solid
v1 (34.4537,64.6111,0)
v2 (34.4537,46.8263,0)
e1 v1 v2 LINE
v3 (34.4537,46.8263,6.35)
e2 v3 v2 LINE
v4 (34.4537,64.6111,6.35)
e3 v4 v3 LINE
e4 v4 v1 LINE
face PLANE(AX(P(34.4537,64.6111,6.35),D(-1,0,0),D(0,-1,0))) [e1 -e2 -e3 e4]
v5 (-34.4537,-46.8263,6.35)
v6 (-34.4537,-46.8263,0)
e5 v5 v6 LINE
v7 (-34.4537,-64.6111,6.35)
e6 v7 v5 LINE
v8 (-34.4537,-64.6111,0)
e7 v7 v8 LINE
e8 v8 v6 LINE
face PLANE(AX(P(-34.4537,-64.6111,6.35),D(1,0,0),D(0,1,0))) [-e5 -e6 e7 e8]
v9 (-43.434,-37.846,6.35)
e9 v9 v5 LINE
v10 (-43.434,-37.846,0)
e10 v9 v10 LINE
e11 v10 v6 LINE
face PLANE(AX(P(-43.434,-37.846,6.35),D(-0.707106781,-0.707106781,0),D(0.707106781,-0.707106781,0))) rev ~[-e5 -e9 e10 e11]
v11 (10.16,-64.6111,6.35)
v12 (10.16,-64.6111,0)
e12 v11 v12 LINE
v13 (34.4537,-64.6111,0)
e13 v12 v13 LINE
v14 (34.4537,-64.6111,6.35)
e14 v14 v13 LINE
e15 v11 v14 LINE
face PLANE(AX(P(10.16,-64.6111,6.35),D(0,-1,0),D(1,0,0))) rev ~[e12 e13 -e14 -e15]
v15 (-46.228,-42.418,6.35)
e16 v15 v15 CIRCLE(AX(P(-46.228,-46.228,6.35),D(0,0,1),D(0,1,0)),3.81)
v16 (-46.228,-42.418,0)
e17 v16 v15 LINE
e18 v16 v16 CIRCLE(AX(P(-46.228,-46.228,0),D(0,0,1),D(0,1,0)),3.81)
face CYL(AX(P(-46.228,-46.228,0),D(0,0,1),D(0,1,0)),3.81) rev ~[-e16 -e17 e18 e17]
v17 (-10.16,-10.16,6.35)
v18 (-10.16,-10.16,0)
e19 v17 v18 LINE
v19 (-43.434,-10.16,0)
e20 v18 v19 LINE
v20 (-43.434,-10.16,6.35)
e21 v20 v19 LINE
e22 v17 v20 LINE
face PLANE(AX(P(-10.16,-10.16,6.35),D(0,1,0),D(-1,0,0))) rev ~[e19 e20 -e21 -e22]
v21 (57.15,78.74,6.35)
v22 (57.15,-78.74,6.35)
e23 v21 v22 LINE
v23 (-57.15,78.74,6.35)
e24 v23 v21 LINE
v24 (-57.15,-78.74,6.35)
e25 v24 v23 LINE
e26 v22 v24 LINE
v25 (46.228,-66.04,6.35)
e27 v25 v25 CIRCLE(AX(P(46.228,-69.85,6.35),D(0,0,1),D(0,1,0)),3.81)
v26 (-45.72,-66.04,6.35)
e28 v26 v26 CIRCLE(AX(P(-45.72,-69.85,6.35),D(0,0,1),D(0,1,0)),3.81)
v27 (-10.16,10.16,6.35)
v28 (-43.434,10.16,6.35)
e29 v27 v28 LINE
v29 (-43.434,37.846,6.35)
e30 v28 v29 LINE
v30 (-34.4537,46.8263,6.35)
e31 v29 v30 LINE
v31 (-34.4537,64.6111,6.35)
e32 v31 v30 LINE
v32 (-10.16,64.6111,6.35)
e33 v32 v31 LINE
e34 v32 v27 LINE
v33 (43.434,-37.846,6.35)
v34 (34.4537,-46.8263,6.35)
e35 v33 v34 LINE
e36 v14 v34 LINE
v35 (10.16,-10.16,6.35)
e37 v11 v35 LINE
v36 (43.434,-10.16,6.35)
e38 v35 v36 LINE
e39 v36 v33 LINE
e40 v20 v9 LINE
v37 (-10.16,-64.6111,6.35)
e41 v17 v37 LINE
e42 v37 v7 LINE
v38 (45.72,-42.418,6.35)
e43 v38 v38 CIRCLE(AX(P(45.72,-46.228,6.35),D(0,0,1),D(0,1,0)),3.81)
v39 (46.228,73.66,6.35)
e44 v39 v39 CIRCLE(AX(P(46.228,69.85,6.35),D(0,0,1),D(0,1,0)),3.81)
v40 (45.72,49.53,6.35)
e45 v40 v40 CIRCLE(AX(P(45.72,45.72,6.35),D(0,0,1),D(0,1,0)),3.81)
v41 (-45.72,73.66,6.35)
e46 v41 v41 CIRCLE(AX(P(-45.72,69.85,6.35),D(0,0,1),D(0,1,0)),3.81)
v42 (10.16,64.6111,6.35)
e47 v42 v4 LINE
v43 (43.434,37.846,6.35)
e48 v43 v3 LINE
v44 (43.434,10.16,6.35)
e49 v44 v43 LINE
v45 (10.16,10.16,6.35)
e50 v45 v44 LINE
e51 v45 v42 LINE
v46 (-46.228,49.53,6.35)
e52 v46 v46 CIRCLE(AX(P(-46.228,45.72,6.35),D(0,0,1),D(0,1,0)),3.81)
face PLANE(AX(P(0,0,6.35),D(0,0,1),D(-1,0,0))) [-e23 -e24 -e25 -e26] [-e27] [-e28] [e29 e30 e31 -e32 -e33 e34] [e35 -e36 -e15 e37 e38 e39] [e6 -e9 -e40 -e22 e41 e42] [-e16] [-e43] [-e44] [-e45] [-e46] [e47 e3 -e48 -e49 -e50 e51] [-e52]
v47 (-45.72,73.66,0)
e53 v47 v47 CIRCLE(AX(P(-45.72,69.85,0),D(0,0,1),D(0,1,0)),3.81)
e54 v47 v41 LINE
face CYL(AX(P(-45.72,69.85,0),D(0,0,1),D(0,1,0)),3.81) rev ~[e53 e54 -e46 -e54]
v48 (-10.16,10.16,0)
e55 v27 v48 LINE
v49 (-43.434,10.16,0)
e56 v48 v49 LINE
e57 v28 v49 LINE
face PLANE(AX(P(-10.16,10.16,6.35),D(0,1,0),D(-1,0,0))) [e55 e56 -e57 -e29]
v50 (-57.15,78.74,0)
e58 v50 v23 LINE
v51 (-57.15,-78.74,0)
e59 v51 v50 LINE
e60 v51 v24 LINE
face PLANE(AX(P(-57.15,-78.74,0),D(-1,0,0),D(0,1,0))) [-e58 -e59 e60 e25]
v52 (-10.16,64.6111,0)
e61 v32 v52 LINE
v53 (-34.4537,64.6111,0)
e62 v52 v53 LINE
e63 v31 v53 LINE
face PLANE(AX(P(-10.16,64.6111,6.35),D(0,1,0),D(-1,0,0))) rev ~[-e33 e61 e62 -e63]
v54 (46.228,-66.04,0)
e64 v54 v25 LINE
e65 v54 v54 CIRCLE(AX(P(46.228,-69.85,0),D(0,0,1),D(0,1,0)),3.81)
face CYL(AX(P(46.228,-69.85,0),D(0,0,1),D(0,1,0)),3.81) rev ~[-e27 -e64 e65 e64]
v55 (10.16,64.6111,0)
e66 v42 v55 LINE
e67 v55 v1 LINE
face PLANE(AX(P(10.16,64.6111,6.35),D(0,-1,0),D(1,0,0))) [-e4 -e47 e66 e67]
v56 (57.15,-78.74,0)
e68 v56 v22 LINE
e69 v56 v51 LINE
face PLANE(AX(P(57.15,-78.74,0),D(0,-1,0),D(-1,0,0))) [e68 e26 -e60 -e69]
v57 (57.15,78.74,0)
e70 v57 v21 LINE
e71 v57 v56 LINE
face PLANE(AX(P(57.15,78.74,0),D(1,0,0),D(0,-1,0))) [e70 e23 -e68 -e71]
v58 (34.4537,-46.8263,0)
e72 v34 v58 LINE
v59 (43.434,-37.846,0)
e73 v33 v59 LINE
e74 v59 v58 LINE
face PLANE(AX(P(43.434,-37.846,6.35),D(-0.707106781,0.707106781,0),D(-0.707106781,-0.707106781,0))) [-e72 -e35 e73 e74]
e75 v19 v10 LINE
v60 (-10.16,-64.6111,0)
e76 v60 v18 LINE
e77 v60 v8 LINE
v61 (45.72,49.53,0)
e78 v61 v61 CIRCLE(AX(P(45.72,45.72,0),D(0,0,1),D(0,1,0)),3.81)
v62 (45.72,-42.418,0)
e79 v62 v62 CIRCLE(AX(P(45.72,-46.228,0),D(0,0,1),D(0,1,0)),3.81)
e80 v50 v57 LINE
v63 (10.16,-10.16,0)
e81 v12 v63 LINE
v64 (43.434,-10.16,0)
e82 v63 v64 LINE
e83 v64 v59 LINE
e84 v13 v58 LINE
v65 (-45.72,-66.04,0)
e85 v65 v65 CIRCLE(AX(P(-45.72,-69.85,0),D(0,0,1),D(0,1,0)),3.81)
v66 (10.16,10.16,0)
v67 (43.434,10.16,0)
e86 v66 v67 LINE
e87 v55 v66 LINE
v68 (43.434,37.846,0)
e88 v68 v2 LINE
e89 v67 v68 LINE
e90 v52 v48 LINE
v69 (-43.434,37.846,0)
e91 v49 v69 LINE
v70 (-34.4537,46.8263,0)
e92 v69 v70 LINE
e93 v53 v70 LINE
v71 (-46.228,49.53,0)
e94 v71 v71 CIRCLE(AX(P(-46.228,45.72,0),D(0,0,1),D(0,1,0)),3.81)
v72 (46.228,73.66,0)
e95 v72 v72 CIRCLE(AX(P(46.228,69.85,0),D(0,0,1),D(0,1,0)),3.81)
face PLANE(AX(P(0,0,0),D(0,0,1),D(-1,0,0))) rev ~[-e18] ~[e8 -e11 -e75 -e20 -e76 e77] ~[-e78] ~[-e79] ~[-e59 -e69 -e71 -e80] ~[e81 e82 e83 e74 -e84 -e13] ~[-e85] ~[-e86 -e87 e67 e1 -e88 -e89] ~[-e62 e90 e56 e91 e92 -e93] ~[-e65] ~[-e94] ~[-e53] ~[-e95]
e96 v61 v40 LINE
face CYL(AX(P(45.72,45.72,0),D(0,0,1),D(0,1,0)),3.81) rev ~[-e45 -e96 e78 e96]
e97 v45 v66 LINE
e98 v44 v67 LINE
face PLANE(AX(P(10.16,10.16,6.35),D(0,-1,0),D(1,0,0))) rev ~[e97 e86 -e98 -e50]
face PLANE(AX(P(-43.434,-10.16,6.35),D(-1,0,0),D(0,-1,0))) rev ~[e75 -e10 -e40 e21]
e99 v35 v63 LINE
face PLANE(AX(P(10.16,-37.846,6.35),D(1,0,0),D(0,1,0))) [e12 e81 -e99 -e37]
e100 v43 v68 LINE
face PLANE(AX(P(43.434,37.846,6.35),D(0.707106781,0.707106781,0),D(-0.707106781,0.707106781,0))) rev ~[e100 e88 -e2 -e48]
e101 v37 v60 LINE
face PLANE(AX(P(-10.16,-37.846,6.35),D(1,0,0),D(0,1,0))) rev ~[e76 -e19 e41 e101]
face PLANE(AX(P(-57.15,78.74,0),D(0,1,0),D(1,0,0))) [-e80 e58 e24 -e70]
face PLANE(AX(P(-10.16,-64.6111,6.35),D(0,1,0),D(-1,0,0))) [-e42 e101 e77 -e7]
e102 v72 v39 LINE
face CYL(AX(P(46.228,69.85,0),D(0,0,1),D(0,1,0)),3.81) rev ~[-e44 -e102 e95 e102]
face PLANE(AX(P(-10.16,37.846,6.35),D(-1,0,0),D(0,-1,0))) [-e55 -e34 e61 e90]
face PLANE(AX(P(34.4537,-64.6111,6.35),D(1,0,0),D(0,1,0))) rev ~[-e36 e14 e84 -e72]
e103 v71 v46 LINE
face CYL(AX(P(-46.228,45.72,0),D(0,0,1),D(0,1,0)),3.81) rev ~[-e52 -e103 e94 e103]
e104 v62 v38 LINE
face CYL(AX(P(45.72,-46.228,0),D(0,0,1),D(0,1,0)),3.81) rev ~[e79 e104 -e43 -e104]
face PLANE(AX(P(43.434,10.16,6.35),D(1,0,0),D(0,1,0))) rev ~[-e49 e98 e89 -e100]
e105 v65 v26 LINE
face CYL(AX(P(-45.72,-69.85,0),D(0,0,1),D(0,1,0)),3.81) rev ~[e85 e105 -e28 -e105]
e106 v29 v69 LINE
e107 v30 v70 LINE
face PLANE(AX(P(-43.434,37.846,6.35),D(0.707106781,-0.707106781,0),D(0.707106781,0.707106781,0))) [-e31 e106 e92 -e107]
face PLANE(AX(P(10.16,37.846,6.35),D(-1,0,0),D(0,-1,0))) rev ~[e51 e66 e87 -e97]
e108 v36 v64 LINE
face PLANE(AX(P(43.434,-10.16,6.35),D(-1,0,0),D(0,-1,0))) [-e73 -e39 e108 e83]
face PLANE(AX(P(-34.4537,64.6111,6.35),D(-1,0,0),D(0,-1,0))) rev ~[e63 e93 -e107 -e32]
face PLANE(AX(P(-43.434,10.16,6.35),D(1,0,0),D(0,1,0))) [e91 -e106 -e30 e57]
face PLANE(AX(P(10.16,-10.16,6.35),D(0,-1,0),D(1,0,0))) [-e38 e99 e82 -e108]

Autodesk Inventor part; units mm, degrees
ref_plane "YZ Plane" through (0, 0, 0) normal (1, 0, 0) x (0, 1, 0)
ref_plane "XZ Plane" through (0, 0, 0) normal (0, 1, 0) x (-1, 0, 0)
ref_plane "XY Plane" through (0, 0, 0) normal (0, 0, 1) x (1, 0, 0)
sketch "Sketch1" plane through (0, 0, 0) normal (0, 0, 1) x (-1, 0, 0)
  line L0 (-57.15, 78.74) -> (57.15, 78.74)
  line L1 (57.15, 78.74) -> (57.15, -78.74)
  line L2 (57.15, -78.74) -> (-57.15, -78.74)
  line L3 (-57.15, -78.74) -> (-57.15, 78.74)
  line L4 (-57.15, 78.74) -> (57.15, -78.74) construction
  line L5 (57.15, 78.74) -> (-57.15, -78.74) construction
  point P0 (0, 0)
  dimension "d0" = 114.3
  dimension "d1" = 157.48
extrude "Extrusion1" add sketch "Sketch1" along normal blind 6.35
sketch "Sketch2" plane through (0, 0, 0) normal (0, 0, 1) x (1, 0, 0)
  line L0 (0, 106.68) -> (0, -106.68)
  line L1 (72.898, -1.6229) -> (-72.898, -1.6229)
  line L2 (0, -106.68) -> (0, 106.68)
  line L3 (-102.0572, 0) -> (102.0572, 0) projected
  point P0 (45.72, 45.72)
  point P1 (-46.228, 45.72)
  point P2 (45.72, -46.228)
  point P3 (-46.228, -46.228)
  point P4 (-45.72, 69.85)
  point P5 (-45.72, -69.85)
  point P6 (46.228, 69.85)
  point P7 (46.228, -69.85)
  dimension "d18" = 91.948
  dimension "d21" = 91.948
  dimension "d25" = 45.72
  dimension "d28" = 139.7
  dimension "d31" = 91.948
  dimension "d34" = 69.85
hole "Hole1" at (45.72, 45.72, 0) at (-46.228, 45.72, 0) at (-46.228, -46.228, 0) at (45.72, -46.228, 0) at (-45.72, 69.85, 0) at (46.228, 69.85, 0) at (-45.72, -69.85, 0) at (46.228, -69.85, 0) direction (0, 0, 1) diameter 7.62 end through all
sketch "Sketch6" plane through (0, 0, 6.35) normal (0, 0, 1) x (1, 0, 0)
  line L0 (-10.16, 10.16) -> (-43.434, 10.16)
  line L1 (-43.434, 10.16) -> (-43.434, 37.846)
  line L2 (-43.434, 37.846) -> (-10.16, 37.846)
  line L3 (-10.16, 37.846) -> (-10.16, 10.16)
  line L4 (-80.01, 0) -> (80.01, 0) projected
  line L5 (0, -110.236) -> (0, 110.236) projected
  line L6 (-43.434, 37.846) -> (-11.5677, 37.846) construction
  line L7 (-43.434, 37.846) -> (-7.62, 37.846) construction
  line L8 (-43.434, 37.846) -> (-34.4537, 46.8263)
  line L9 (-43.434, 37.846) -> (-30.734, 37.846) construction
  line L10 (-34.4537, 46.8263) -> (-10.16, 46.8263)
  line L11 (-10.16, 46.8263) -> (-10.16, 64.6111)
  line L12 (-10.16, 64.6111) -> (-34.4537, 64.6111)
  line L13 (-34.4537, 64.6111) -> (-34.4537, 46.8263)
  line L14 (-10.16, 46.8263) -> (-10.16, 37.846)
  line L15 (10.16, 10.16) -> (43.434, 10.16)
  line L16 (43.434, 10.16) -> (43.434, 37.846)
  line L17 (43.434, 37.846) -> (10.16, 37.846)
  line L18 (10.16, 37.846) -> (10.16, 10.16)
  line L19 (43.434, 37.846) -> (11.5677, 37.846) construction
  line L20 (43.434, 37.846) -> (7.62, 37.846) construction
  line L21 (43.434, 37.846) -> (34.4537, 46.8263)
  line L22 (43.434, 37.846) -> (30.734, 37.846) construction
  line L23 (34.4537, 46.8263) -> (10.16, 46.8263)
  line L24 (10.16, 46.8263) -> (10.16, 64.6111)
  line L25 (10.16, 64.6111) -> (34.4537, 64.6111)
  line L26 (34.4537, 64.6111) -> (34.4537, 46.8263)
  line L27 (10.16, 46.8263) -> (10.16, 37.846)
  line L28 (-10.16, -10.16) -> (-43.434, -10.16)
  line L29 (-43.434, -10.16) -> (-43.434, -37.846)
  line L30 (-43.434, -37.846) -> (-10.16, -37.846)
  line L31 (-10.16, -37.846) -> (-10.16, -10.16)
  line L32 (-43.434, -37.846) -> (-11.5677, -37.846) construction
  line L33 (-43.434, -37.846) -> (-7.62, -37.846) construction
  line L34 (-43.434, -37.846) -> (-34.4537, -46.8263)
  line L35 (-43.434, -37.846) -> (-30.734, -37.846) construction
  line L36 (-34.4537, -46.8263) -> (-10.16, -46.8263)
  line L37 (-10.16, -46.8263) -> (-10.16, -64.6111)
  line L38 (-10.16, -64.6111) -> (-34.4537, -64.6111)
  line L39 (-34.4537, -64.6111) -> (-34.4537, -46.8263)
  line L40 (-10.16, -46.8263) -> (-10.16, -37.846)
  line L41 (10.16, -10.16) -> (43.434, -10.16)
  line L42 (43.434, -10.16) -> (43.434, -37.846)
  line L43 (10.16, -37.846) -> (10.16, -10.16)
  line L44 (43.434, -37.846) -> (10.16, -37.846)
  line L45 (43.434, -37.846) -> (11.5677, -37.846) construction
  line L46 (43.434, -37.846) -> (30.734, -37.846) construction
  line L47 (10.16, -46.8263) -> (10.16, -37.846)
  line L48 (34.4537, -46.8263) -> (10.16, -46.8263)
  line L49 (43.434, -37.846) -> (34.4537, -46.8263)
  line L50 (10.16, -46.8263) -> (10.16, -64.6111)
  line L51 (10.16, -64.6111) -> (34.4537, -64.6111)
  line L52 (34.4537, -64.6111) -> (34.4537, -46.8263)
  line L53 (43.434, -37.846) -> (7.62, -37.846) construction
  point P0 (0, 0)
  dimension "d41" = 10.16
  dimension "d42" = 10.16
  dimension "d43" = 43.434
  dimension "d44" = 37.846
  dimension "d54" = 12.7
  dimension "d55" = 45
extrude "Extrusion3" cut sketch "Sketch6" against normal blind 25.4
equation "\"d12\" = d18"
properties part number "MotorAdapter"
